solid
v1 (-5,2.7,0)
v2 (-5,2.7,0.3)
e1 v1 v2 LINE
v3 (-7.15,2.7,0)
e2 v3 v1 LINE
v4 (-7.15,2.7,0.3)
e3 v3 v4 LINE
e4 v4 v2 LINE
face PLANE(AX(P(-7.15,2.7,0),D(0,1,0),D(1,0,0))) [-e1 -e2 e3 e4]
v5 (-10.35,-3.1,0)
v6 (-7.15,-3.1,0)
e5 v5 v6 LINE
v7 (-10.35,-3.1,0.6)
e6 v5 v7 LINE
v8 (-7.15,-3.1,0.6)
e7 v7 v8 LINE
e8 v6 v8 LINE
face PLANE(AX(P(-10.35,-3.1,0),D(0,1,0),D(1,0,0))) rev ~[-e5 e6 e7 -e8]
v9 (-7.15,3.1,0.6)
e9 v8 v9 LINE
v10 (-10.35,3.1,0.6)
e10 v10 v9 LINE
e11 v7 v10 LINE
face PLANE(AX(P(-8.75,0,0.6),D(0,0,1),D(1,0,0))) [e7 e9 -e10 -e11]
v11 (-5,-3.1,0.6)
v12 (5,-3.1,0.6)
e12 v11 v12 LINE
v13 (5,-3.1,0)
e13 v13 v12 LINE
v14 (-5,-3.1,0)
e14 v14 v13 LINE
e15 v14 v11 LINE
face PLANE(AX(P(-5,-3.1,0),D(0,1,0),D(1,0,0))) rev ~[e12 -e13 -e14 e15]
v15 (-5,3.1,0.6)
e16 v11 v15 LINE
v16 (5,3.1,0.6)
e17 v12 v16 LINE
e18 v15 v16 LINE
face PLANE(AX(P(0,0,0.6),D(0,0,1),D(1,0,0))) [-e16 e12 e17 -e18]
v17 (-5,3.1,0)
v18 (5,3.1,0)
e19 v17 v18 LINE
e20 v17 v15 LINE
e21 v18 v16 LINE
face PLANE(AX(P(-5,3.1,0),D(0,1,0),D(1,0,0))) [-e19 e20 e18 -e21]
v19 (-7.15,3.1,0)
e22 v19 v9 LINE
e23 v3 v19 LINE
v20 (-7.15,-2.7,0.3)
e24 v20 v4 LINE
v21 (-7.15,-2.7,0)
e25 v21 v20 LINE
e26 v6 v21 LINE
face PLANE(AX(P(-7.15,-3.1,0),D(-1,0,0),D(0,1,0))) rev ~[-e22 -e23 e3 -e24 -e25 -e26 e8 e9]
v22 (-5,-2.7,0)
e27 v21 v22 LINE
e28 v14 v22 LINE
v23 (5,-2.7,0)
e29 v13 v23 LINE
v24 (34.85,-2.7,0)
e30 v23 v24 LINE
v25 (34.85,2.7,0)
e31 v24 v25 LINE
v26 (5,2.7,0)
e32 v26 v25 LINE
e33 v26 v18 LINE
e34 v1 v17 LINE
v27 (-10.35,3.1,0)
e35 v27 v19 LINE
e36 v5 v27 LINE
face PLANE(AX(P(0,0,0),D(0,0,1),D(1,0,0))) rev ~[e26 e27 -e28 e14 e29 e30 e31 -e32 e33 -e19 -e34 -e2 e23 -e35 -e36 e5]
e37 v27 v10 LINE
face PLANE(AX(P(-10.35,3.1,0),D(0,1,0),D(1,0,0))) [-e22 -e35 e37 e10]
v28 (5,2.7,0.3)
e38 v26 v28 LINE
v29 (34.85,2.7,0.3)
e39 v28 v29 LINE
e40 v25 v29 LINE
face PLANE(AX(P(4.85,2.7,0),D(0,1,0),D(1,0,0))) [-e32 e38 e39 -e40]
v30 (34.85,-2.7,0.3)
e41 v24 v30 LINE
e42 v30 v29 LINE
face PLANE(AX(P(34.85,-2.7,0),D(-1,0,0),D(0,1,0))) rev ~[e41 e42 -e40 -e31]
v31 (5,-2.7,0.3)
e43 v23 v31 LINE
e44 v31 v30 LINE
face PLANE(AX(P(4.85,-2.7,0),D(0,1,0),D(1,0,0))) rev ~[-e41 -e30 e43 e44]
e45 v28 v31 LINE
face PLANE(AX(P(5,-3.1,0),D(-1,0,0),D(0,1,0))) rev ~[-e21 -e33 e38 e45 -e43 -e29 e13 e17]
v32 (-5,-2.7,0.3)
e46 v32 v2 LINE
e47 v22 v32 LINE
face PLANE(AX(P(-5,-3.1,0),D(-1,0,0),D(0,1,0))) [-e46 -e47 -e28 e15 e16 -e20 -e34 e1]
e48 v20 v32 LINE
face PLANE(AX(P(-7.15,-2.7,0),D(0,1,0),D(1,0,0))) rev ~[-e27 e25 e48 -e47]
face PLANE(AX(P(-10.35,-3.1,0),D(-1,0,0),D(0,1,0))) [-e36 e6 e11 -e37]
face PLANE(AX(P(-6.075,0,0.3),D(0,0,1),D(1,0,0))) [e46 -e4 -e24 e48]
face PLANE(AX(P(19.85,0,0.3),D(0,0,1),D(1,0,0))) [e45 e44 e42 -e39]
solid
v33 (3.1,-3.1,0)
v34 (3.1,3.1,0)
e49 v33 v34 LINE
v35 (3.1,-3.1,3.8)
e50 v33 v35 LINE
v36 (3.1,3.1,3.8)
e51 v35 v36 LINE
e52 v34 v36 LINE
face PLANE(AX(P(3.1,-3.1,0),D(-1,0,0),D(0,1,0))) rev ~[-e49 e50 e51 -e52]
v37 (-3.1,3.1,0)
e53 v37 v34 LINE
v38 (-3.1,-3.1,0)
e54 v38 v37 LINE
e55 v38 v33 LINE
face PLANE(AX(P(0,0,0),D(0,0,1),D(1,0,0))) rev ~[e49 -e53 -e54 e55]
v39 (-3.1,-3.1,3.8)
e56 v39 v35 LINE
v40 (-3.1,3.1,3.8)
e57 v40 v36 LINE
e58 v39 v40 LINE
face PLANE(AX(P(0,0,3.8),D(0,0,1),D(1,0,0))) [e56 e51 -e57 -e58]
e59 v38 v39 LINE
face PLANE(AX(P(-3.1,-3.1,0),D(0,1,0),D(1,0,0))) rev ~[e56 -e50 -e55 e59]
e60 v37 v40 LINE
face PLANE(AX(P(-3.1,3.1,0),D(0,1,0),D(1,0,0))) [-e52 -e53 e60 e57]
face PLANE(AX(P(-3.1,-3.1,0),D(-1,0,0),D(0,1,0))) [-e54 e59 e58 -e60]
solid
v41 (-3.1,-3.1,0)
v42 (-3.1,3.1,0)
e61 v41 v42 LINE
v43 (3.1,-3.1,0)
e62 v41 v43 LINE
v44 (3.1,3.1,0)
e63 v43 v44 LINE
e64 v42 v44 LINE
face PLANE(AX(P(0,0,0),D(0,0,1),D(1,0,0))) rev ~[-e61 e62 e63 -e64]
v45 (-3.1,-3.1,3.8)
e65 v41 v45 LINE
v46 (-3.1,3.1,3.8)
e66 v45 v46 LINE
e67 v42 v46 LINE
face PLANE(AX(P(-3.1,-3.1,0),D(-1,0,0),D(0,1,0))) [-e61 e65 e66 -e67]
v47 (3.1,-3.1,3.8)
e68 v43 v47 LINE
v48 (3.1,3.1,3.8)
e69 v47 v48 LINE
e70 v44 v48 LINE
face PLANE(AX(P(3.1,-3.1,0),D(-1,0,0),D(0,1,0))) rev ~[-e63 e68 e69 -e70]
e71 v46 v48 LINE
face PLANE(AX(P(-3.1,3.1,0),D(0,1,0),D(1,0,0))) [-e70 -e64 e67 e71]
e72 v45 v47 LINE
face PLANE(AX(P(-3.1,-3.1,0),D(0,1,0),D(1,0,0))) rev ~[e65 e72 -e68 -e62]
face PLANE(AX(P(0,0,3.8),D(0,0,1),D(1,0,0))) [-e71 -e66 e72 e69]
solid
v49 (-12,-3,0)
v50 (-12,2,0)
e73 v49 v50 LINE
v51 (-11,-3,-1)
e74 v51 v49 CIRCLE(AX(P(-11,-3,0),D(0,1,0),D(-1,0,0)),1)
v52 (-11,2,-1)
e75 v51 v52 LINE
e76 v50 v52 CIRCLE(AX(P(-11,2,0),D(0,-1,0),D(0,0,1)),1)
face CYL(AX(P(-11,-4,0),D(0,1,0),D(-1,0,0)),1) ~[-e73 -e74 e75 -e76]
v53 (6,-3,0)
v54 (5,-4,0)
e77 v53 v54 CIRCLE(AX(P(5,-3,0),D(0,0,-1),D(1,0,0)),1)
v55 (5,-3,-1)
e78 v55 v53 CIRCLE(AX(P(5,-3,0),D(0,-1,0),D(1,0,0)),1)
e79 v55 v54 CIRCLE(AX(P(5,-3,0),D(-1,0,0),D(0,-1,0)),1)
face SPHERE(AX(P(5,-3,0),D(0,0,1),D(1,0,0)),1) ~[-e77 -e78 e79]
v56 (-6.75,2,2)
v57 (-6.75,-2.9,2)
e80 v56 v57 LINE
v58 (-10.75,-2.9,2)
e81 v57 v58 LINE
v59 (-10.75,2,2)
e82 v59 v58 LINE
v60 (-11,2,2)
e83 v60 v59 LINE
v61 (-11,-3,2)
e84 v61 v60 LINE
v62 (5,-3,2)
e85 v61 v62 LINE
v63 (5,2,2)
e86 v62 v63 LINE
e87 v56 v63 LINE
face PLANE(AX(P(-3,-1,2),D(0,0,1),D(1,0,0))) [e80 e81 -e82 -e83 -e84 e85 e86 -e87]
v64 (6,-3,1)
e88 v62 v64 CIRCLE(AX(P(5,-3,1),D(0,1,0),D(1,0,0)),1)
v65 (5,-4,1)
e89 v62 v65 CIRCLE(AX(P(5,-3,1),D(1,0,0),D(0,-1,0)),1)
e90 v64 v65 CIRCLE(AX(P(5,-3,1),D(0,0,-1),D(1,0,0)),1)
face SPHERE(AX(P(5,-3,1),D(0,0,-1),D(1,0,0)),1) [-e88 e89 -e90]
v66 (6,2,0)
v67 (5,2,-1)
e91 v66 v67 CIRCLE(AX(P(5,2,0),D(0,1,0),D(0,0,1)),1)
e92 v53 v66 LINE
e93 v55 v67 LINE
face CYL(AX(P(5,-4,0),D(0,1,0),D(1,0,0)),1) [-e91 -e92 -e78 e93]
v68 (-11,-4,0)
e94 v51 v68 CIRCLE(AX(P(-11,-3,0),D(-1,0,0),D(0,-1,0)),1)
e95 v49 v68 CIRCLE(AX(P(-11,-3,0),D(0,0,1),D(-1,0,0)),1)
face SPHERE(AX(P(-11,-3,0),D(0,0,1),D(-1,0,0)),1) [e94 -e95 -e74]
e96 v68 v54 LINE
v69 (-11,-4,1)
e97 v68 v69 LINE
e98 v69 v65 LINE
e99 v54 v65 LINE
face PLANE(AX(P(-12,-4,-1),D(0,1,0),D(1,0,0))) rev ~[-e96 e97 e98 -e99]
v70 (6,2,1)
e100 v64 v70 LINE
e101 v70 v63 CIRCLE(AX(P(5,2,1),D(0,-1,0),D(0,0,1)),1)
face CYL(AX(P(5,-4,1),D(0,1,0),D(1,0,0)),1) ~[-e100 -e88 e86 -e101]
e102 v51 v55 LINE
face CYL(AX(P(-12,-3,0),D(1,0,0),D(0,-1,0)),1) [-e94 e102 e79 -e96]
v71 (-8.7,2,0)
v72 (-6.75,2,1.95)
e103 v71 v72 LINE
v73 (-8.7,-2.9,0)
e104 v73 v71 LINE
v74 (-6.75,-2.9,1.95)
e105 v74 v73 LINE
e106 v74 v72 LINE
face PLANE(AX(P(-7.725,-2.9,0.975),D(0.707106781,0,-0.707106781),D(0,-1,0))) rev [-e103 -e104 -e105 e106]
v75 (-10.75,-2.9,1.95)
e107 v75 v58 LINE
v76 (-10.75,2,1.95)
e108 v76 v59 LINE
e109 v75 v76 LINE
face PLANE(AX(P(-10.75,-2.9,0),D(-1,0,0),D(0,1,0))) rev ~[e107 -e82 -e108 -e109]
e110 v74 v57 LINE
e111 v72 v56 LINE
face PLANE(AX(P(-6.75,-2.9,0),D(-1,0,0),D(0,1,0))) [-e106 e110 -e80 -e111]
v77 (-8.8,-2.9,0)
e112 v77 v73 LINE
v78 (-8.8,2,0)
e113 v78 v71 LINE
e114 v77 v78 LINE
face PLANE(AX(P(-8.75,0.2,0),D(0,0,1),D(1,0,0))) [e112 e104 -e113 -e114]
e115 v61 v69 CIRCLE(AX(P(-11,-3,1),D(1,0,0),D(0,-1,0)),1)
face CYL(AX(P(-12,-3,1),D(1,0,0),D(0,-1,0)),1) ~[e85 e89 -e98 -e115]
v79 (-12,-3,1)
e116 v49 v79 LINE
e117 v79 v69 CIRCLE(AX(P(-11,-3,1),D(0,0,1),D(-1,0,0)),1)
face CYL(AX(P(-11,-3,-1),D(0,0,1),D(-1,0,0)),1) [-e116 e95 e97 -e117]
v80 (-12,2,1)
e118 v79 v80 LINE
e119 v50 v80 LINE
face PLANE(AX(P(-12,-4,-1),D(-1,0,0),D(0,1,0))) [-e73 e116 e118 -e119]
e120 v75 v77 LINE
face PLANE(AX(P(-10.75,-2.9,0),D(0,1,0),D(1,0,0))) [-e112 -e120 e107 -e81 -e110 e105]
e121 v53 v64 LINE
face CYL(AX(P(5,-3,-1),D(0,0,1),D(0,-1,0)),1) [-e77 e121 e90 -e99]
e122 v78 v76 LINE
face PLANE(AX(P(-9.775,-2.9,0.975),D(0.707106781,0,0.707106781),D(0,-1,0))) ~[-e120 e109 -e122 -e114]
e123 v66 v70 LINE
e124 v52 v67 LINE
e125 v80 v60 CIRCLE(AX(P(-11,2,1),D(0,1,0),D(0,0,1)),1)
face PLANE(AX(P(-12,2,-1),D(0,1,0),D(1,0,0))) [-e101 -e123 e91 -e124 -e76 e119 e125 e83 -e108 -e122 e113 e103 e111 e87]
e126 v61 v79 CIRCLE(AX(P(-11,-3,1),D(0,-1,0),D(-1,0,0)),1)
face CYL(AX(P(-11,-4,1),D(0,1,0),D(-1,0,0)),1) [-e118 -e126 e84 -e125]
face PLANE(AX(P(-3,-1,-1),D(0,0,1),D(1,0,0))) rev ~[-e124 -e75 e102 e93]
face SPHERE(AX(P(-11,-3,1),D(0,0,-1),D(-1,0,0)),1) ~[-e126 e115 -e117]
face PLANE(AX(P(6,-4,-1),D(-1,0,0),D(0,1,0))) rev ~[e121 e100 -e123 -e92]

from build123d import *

# Parameters (mm, degrees)
BOX_W        = 6.2
BOX_H        = 6.2
BOX_DEPTH    = 3.8
BOX003_W     = 3.2
BOX003_H     = 6.2
BOX003_DEPTH = 0.6
BOX002_W     = 2.15
BOX002_H     = 5.4
BOX002_DEPTH = 0.3
BOX001_W     = 10
BOX001_H     = 6.2
BOX001_DEPTH = 0.6
BOX004_W     = 30
BOX004_H     = 5.4
BOX004_DEPTH = 0.3
BOX006_W     = 6.2
BOX006_H     = 6.2
BOX006_DEPTH = 3.8
BOX007_W     = 4
BOX007_H     = 6.2
BOX007_DEPTH = 3
CHAMFER_SIZE = 1.95
BOX005_W     = 18
BOX005_H     = 6
BOX005_DEPTH = 3
FILLET_R     = 1


with BuildPart() as camera:
    # Box → Box (new body)
    with BuildSketch(Plane(origin=(-3.1, -3.1, 0), x_dir=(1, 0, 0), z_dir=(0, 0, 1))):
        with Locations((3.1, 3.1)):
            Rectangle(BOX_W, BOX_H)
    extrude(amount=BOX_DEPTH)


with BuildPart() as cube002:
    # Box003 → Box003 (new body)
    with BuildSketch(Plane(origin=(-10.35, -3.1, 0), x_dir=(1, 0, 0), z_dir=(0, 0, 1))):
        with Locations((1.6, 3.1)):
            Rectangle(BOX003_W, BOX003_H)
    extrude(amount=BOX003_DEPTH)


with BuildPart() as cube001:
    # Box002 → Box002 (new body)
    with BuildSketch(Plane(origin=(-7.15, -2.7, 0), x_dir=(1, 0, 0), z_dir=(0, 0, 1))):
        with Locations((1.075, 2.7)):
            Rectangle(BOX002_W, BOX002_H)
    extrude(amount=BOX002_DEPTH)


with BuildPart() as cube:
    # Box001 → Box001 (new body)
    with BuildSketch(Plane(origin=(-5, -3.1, 0), x_dir=(1, 0, 0), z_dir=(0, 0, 1))):
        with Locations((5, 3.1)):
            Rectangle(BOX001_W, BOX001_H)
    extrude(amount=BOX001_DEPTH)


with BuildPart() as fusion:
    # Box004 → Box004 (new body)
    with BuildSketch(Plane(origin=(4.85, -2.7, 0), x_dir=(1, 0, 0), z_dir=(0, 0, 1))):
        with Locations((15, 2.7)):
            Rectangle(BOX004_W, BOX004_H)
    extrude(amount=BOX004_DEPTH)

    # Fusion: union Cube002, Cube001, Cube
    add(cube002.part)
    add(cube001.part)
    add(cube.part)


with BuildPart() as camera001:
    # Box006 → Box006 (new body)
    with BuildSketch(Plane(origin=(-3.1, -3.1, 0), x_dir=(1, 0, 0), z_dir=(0, 0, 1))):
        with Locations((3.1, 3.1)):
            Rectangle(BOX006_W, BOX006_H)
    extrude(amount=BOX006_DEPTH)


with BuildPart() as chamfer_body:
    # Box007 → Box007 (new body)
    with BuildSketch(Plane(origin=(-10.75, -3.1, 0), x_dir=(1, 0, 0), z_dir=(0, 0, 1))):
        with Locations((2, 3.1)):
            Rectangle(BOX007_W, BOX007_H)
    extrude(amount=BOX007_DEPTH)

    # Chamfer
    chamfer_edges = [chamfer_body.edges().sort_by_distance(p)[0] for p in [
        (-10.75, 0, 0),
        (-6.75, 0, 0),
    ]]
    chamfer(chamfer_edges, length=CHAMFER_SIZE)


with BuildPart() as chamfer_body_1:
    # Chamfer placement: moved
    add(chamfer_body.part.moved(Location((0, 0.2, 0))))


with BuildPart() as cut:
    # Box005 → Box005 (new body)
    with BuildSketch(Plane(origin=(-12, -4, -1), x_dir=(1, 0, 0), z_dir=(0, 0, 1))):
        with Locations((9, 3)):
            Rectangle(BOX005_W, BOX005_H)
    extrude(amount=BOX005_DEPTH)

    # Fillet
    fillet_edges = [cut.edges().sort_by_distance(p)[0] for p in [
        (-12, -4, 0.5),
        (-12, -1, 2),
        (-12, -1, -1),
        (6, -4, 0.5),
        (6, -1, 2),
        (6, -1, -1),
        (-3, -4, -1),
        (-3, -4, 2),
    ]]
    fillet(fillet_edges, radius=FILLET_R)

    # Cut: cut Chamfer body
    add(chamfer_body_1.part, mode=Mode.SUBTRACT)


solid = Compound([camera.part, fusion.part, camera001.part, cut.part])
